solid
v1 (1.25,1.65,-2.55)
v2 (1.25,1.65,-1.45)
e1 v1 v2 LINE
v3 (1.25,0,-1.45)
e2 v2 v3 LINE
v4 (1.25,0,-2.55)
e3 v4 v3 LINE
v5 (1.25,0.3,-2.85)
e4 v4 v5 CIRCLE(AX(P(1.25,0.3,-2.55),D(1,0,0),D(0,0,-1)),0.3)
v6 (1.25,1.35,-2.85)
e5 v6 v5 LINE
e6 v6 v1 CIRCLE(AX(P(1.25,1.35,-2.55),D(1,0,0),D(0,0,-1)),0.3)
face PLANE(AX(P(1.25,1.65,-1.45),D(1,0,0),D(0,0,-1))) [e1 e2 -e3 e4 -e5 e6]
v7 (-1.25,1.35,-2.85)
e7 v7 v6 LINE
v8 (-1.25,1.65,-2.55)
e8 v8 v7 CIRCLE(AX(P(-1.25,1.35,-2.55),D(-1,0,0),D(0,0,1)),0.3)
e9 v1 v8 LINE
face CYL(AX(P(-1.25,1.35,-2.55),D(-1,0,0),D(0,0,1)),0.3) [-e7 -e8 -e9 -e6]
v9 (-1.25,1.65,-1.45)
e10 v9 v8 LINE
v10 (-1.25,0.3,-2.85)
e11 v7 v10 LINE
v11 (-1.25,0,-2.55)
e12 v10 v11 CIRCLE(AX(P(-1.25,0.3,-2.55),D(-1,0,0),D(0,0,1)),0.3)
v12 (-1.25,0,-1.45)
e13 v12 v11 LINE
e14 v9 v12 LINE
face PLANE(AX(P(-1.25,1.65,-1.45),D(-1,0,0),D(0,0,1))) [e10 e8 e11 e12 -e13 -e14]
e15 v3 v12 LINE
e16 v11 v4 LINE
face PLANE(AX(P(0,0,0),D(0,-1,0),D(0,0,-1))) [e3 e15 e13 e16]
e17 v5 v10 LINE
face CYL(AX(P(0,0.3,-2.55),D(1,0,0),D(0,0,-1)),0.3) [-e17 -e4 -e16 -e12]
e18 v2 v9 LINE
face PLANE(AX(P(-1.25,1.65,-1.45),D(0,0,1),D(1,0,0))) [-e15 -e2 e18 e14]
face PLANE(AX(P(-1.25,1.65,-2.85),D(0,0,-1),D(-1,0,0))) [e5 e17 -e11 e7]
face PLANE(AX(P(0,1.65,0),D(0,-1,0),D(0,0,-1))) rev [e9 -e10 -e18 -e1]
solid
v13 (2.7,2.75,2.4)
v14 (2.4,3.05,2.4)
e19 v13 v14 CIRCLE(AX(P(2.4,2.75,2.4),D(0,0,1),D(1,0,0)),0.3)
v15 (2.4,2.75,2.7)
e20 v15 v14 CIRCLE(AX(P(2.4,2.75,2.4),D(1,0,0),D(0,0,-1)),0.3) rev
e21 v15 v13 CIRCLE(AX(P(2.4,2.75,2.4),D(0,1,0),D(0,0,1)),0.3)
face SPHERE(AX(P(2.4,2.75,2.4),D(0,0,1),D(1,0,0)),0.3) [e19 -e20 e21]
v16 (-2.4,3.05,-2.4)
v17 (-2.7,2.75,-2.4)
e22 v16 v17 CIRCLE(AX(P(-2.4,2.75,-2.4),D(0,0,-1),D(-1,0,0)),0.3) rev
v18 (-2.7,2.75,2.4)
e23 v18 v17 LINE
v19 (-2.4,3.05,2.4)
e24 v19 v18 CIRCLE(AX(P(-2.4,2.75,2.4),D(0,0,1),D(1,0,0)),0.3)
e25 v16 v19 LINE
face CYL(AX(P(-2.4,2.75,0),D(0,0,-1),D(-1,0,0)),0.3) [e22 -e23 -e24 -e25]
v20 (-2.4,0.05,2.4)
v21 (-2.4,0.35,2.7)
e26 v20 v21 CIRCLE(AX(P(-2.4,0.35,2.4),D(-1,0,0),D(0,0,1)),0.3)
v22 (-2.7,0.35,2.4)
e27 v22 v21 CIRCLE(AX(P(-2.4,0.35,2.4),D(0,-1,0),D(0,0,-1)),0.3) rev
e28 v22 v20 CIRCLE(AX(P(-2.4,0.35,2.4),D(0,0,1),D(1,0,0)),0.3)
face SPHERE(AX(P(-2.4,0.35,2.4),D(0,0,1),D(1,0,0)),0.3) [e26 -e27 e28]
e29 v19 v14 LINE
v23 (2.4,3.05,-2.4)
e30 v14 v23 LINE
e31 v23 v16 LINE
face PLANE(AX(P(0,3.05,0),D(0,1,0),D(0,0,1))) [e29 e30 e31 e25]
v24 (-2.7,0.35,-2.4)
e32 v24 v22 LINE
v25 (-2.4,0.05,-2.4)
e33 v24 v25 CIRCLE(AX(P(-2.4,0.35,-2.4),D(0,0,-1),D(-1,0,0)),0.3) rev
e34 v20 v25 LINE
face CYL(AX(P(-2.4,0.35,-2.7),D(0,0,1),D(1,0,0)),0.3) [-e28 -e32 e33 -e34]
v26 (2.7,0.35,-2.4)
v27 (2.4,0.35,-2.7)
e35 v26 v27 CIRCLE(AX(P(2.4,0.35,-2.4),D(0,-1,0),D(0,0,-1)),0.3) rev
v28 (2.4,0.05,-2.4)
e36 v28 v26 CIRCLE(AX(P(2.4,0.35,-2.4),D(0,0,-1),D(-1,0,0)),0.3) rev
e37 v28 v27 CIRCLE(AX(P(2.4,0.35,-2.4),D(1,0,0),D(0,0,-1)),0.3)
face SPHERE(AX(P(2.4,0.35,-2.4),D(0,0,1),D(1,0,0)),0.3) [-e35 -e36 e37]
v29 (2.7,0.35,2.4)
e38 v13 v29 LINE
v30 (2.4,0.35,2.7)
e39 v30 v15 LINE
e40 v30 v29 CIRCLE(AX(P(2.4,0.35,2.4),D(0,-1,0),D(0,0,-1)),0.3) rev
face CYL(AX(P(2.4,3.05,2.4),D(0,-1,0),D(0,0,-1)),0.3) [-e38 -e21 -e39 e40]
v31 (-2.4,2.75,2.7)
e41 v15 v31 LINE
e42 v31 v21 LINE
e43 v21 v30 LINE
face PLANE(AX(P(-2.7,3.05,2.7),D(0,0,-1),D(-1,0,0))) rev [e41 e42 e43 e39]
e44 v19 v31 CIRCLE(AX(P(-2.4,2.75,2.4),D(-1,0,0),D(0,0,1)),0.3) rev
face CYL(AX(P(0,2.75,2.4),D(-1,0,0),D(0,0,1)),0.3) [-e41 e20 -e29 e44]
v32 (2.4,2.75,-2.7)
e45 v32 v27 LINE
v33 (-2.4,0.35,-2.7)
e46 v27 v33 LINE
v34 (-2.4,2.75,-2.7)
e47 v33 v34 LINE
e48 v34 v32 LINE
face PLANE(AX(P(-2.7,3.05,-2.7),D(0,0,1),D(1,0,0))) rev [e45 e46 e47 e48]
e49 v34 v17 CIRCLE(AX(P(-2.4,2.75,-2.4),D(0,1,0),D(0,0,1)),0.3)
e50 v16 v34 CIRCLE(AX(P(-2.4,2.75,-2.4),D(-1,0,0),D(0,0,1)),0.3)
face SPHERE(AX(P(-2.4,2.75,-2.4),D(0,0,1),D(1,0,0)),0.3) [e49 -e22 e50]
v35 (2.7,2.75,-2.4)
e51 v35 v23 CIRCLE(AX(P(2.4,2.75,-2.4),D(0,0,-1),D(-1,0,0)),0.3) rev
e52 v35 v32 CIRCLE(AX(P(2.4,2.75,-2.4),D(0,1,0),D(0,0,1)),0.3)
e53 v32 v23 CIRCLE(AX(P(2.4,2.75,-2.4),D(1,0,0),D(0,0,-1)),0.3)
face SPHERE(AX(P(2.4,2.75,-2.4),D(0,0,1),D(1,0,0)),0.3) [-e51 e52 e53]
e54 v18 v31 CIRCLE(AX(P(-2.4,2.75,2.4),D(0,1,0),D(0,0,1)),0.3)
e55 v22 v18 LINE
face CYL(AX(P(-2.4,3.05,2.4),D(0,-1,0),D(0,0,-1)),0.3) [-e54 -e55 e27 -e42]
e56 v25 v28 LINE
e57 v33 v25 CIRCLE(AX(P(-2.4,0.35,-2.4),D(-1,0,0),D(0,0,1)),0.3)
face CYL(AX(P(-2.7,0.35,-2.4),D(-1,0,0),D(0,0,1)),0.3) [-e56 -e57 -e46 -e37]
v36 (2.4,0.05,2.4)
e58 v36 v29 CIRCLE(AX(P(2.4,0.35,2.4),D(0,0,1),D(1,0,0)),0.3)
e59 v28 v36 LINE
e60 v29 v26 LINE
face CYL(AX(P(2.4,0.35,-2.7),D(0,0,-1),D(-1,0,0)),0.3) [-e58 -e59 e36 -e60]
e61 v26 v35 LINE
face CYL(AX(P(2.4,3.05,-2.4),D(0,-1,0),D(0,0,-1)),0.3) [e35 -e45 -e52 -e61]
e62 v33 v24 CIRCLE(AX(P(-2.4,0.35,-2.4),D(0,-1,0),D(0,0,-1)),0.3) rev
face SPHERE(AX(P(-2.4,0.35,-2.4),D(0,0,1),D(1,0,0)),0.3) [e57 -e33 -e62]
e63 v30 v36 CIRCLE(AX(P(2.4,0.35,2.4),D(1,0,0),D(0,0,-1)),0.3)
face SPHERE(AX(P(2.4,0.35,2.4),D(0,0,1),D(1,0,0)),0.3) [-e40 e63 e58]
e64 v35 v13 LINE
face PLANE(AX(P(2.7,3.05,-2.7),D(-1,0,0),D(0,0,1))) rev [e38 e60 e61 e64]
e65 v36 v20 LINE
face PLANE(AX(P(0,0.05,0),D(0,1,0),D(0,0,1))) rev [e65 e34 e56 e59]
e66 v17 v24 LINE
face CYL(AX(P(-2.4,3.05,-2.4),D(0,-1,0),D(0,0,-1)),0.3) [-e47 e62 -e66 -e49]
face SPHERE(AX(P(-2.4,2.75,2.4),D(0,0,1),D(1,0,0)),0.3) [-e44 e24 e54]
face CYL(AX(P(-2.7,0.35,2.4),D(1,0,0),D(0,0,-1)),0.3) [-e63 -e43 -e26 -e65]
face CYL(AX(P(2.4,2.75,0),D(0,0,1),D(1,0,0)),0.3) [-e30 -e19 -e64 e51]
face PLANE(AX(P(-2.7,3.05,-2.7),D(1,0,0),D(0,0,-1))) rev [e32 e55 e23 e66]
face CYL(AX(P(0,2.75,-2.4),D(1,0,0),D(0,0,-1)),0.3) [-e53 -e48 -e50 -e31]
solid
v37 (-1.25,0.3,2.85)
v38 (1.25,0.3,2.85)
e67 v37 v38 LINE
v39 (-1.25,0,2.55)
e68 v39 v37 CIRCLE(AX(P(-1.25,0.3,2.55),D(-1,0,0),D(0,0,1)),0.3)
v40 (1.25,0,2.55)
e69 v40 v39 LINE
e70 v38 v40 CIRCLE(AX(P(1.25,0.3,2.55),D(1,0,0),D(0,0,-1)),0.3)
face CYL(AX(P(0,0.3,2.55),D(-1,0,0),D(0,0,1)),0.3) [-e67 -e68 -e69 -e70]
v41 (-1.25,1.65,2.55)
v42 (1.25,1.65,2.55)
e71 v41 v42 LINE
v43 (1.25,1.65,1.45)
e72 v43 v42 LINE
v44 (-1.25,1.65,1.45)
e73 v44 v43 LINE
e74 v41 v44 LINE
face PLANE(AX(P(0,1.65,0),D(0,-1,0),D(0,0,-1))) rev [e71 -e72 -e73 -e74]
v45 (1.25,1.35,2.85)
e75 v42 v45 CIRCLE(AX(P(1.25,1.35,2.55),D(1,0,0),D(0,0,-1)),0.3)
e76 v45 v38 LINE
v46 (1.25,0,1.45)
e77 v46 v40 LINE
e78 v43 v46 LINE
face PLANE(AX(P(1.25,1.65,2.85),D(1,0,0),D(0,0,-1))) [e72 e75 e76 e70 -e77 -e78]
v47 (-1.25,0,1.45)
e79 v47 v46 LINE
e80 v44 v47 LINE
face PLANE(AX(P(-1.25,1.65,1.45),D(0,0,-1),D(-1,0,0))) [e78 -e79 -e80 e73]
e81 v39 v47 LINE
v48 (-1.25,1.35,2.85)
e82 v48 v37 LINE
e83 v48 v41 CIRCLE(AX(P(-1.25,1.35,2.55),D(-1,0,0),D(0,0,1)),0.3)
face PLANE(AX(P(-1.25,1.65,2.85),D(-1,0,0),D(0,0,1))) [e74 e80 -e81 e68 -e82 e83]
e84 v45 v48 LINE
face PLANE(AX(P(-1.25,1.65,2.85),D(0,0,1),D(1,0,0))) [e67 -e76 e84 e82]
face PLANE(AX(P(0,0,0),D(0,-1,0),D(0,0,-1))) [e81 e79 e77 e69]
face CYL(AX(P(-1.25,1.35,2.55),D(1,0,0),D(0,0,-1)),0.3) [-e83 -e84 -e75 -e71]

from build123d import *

# Parameters (mm, degrees)
SKETCH_1_W             = 5.4
SKETCH_1_H             = 5.4
EXTRUDE_1_DEPTH        = 3
FILLET_1_R             = 0.3
EXTRUDE_2_DEPTH        = 0.05
EXTRUDE_2_DEPTH_BACK   = 1.6
SKETCH_2_W             = 2.5
SKETCH_2_H             = 1.4
EXTRUDE_2_2_DEPTH      = 0.05
EXTRUDE_2_2_DEPTH_BACK = 1.6
FILLET_2_R             = 0.3
FILLET_3_R             = 0.3


with BuildPart() as part:
    # Эскиз1 → Бобышка-Вытянуть1 (new body)
    with BuildSketch(Plane(origin=(0, 0.05, 0), x_dir=(1, 0, 0), z_dir=(0, 1, 0))):
        Rectangle(SKETCH_1_W, SKETCH_1_H)
    extrude(amount=EXTRUDE_1_DEPTH)

    # Скругление1
    fillet_1_edges = [part.edges().sort_by_distance(p)[0] for p in [
        (-2.7, 3.05, 0),
        (0, 3.05, 2.7),
        (2.7, 3.05, 0),
        (0, 0.05, 2.7),
        (-2.7, 0.05, 0),
        (0, 0.05, -2.7),
        (2.7, 0.05, 0),
        (0, 3.05, -2.7),
        (2.7, 1.55, 2.7),
        (-2.7, 1.55, 2.7),
        (-2.7, 1.55, -2.7),
        (2.7, 1.55, -2.7),
    ]]
    fillet(fillet_1_edges, radius=FILLET_1_R)


with BuildPart() as body_2:
    # Эскиз2 → Бобышка-Вытянуть2 (new, two sides: drawn at the far end of the back side and taken through both)
    with BuildSketch(Plane.XZ.offset(-0.05).offset(-EXTRUDE_2_DEPTH_BACK)):
        with Locations((0, 2.15)):
            Rectangle(SKETCH_2_W, SKETCH_2_H)
    extrude(amount=EXTRUDE_2_DEPTH + EXTRUDE_2_DEPTH_BACK)

    # Скругление2
    fillet_2_edges = [body_2.edges().sort_by_distance(p)[0] for p in [
        (0, 1.65, 2.85),
        (0, 0, 2.85),
    ]]
    fillet(fillet_2_edges, radius=FILLET_2_R)


with BuildPart() as body_3:
    # Эскиз2 → Extrude 2 2 (new, two sides: drawn at the far end of the back side and taken through both)
    with BuildSketch(Plane.XZ.offset(-0.05).offset(-EXTRUDE_2_2_DEPTH_BACK)):
        with Locations((0, -2.15)):
            Rectangle(SKETCH_2_W, SKETCH_2_H)
    extrude(amount=EXTRUDE_2_2_DEPTH + EXTRUDE_2_2_DEPTH_BACK)

    # Скругление3
    fillet_3_edges = [body_3.edges().sort_by_distance(p)[0] for p in [
        (0, 0, -2.85),
        (0, 1.65, -2.85),
    ]]
    fillet(fillet_3_edges, radius=FILLET_3_R)


solid = Compound([part.part, body_2.part, body_3.part])
